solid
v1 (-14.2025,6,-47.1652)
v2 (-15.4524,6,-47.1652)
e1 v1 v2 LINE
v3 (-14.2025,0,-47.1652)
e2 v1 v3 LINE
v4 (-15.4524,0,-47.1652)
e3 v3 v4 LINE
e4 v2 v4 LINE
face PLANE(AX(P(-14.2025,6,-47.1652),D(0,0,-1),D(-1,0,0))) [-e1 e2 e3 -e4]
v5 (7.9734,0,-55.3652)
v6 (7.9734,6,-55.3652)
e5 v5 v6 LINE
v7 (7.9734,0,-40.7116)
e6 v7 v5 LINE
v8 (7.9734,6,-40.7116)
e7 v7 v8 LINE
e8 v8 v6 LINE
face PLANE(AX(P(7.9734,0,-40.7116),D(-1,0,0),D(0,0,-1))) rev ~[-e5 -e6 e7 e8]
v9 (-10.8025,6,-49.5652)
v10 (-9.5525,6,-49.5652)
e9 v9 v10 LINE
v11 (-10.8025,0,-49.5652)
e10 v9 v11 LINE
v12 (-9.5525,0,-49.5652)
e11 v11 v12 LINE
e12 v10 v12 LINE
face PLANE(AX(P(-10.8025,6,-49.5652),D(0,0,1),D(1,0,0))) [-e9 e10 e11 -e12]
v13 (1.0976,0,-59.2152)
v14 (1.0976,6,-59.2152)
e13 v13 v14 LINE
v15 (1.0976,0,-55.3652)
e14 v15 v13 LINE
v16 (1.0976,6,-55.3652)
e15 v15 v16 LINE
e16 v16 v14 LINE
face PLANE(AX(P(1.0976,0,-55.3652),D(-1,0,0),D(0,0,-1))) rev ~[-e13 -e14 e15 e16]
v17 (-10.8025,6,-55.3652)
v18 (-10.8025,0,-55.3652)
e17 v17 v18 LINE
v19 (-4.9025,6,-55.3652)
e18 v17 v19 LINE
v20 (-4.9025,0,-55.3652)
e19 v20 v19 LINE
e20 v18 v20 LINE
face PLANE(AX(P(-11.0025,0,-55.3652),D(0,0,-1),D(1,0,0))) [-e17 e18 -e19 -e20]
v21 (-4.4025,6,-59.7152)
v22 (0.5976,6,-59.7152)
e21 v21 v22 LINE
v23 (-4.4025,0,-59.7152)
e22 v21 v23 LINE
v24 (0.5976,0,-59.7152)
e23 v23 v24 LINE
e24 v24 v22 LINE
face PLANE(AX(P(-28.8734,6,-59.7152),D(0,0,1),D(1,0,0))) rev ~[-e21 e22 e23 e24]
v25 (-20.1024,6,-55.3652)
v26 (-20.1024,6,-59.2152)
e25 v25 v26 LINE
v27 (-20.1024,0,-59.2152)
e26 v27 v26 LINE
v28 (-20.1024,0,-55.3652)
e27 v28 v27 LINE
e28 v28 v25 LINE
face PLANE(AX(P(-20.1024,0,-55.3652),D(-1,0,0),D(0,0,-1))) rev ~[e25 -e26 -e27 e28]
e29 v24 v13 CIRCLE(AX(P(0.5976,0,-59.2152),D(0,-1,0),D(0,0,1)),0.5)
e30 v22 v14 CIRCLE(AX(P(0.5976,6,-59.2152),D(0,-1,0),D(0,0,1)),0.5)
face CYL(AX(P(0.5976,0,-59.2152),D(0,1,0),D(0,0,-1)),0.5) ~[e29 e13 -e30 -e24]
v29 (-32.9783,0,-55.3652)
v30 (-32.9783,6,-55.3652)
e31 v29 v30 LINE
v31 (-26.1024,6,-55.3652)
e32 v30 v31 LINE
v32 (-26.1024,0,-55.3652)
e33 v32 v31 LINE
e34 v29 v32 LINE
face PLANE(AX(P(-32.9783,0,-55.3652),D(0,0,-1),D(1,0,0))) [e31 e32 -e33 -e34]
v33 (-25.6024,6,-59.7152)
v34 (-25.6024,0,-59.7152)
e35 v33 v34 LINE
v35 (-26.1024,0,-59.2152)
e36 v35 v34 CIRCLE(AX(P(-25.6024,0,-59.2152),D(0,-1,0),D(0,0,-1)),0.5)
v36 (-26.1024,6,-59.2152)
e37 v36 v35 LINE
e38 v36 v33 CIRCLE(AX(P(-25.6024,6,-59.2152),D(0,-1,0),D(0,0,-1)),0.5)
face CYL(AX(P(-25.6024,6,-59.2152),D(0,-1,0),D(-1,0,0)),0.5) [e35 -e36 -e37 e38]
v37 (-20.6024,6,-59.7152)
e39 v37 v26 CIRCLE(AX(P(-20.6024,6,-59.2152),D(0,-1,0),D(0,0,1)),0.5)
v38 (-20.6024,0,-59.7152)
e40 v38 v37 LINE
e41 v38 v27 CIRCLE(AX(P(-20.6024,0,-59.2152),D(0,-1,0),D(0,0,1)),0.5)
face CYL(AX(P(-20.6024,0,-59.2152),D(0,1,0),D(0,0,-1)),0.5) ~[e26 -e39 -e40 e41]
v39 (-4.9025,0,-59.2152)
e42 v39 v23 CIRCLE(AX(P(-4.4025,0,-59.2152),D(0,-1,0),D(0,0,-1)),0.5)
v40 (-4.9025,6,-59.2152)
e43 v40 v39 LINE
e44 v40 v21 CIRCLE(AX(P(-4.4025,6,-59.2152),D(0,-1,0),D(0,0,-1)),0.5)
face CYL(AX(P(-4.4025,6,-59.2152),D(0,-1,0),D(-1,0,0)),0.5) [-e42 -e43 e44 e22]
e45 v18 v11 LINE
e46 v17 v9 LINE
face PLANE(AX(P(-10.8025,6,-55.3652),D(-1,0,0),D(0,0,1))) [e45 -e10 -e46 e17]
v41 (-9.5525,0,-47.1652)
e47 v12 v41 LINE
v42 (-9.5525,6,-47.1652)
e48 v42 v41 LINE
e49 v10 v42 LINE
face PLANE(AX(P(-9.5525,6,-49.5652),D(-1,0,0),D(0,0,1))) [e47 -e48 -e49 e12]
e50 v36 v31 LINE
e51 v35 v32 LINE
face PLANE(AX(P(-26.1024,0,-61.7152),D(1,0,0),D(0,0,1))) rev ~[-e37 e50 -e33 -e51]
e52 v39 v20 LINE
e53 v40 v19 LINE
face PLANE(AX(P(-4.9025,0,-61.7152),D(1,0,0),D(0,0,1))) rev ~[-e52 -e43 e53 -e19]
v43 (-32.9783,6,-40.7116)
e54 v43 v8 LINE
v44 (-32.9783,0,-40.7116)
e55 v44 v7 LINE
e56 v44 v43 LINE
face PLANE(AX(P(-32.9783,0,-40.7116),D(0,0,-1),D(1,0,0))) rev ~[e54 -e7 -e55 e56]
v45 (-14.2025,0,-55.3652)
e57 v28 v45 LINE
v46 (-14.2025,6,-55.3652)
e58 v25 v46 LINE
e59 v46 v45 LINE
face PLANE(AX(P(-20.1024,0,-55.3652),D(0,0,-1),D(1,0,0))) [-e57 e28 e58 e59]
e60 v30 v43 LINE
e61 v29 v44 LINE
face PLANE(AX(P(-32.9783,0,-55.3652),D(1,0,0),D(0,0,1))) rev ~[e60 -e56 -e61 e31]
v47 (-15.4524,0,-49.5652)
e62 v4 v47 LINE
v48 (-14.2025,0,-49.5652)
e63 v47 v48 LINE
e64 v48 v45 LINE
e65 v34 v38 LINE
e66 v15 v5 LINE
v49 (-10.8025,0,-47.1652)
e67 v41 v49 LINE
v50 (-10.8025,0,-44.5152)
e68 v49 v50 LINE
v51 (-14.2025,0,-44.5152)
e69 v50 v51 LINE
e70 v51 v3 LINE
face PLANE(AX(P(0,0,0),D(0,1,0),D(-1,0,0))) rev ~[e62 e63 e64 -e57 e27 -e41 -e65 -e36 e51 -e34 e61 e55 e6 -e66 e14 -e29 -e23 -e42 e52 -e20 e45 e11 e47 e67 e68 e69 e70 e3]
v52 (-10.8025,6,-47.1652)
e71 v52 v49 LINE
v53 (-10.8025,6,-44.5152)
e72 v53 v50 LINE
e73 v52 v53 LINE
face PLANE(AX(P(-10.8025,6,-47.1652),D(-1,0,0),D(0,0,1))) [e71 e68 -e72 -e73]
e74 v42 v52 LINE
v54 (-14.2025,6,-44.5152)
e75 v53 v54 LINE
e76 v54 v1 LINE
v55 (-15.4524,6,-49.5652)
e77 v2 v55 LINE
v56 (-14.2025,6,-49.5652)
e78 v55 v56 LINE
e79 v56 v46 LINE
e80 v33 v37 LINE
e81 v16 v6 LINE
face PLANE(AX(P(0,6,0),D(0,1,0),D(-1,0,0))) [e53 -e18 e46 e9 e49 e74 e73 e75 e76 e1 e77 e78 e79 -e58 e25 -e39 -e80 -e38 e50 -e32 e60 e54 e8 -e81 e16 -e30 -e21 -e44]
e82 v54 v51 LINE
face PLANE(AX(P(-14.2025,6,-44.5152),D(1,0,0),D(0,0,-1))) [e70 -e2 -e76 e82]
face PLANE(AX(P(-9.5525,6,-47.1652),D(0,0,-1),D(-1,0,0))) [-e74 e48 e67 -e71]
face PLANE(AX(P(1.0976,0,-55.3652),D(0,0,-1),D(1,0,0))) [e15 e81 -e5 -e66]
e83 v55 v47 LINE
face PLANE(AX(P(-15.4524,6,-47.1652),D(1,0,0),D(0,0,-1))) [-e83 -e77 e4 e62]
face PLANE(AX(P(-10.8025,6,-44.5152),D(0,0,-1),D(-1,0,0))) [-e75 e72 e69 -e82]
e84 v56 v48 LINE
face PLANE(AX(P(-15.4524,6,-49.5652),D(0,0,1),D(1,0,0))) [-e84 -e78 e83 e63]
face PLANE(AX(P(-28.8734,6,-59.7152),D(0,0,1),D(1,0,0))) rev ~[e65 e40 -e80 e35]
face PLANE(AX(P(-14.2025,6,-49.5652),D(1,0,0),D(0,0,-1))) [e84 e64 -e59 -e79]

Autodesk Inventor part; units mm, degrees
ref_plane "YZ Plane" through (0, 0, 0) normal (1, 0, 0) x (0, 1, 0)
ref_plane "XZ Plane" through (0, 0, 0) normal (0, 1, 0) x (-1, 0, 0)
ref_plane "XY Plane" through (0, 0, 0) normal (0, 0, 1) x (1, 0, 0)
sketch "Sketch1" plane through (0, 0, 0) normal (0, 1, 0) x (-1, 0, 0)
  arc A0 (32.2948, 13.759) -> (-8.6569, 13.759) centre (11.8189, 4.9346) ccw projected
  line L0 (-8.6569, 13.759) -> (-8.6569, -3.8898) projected
  line L1 (-1.7811, -3.8898) -> (-8.6569, -3.8898) projected
  line L2 (-1.7811, -3.8898) -> (-1.7811, -10.2398) projected
  line L3 (-1.7811, -10.2398) -> (4.2189, -10.2398) projected
  line L4 (4.2189, -10.2398) -> (4.2189, -3.8898) projected
  line L5 (10.3189, -3.8898) -> (4.2189, -3.8898) projected
  line L6 (10.3189, -3.8898) -> (10.3189, 2.1102) projected
  line L7 (10.3189, 2.1102) -> (9.0689, 2.1102) projected
  line L8 (9.0689, 2.1102) -> (9.0689, 4.1102) projected
  line L9 (9.0689, 4.1102) -> (10.3189, 4.1102) projected
  line L10 (10.3189, 4.1102) -> (10.3189, 6.7602) projected
  line L11 (10.3189, 6.7602) -> (13.3189, 6.7602) projected
  line L12 (13.3189, 6.7602) -> (13.3189, 4.1102) projected
  line L13 (13.3189, 4.1102) -> (14.5689, 4.1102) projected
  line L14 (14.5689, 4.1102) -> (14.5689, 2.1102) projected
  line L15 (14.5689, 2.1102) -> (13.3189, 2.1102) projected
  line L16 (13.3189, 2.1102) -> (13.3189, -3.8898) projected
  line L17 (19.4189, -3.8898) -> (13.3189, -3.8898) projected
  line L18 (19.4189, -3.8898) -> (19.4189, -10.2398) projected
  line L19 (19.4189, -10.2398) -> (25.4189, -10.2398) projected
  line L20 (25.4189, -10.2398) -> (25.4189, -3.8898) projected
  line L21 (32.2948, -3.8898) -> (25.4189, -3.8898) projected
  line L22 (32.2948, -3.8898) -> (32.2948, 13.759) projected
  circle A1 centre (11.8189, 11.3099) radius 4 projected
  line L23 (-7.9734, -40.7116) -> (-7.9734, -55.3652)
  line L24 (-1.0976, -55.3652) -> (-7.9734, -55.3652)
  line L25 (-1.0976, -55.3652) -> (-1.0976, -61.7152)
  line L26 (-1.0976, -61.7152) -> (4.9025, -61.7152)
  line L27 (4.9025, -61.7152) -> (4.9025, -55.3652)
  line L28 (11.0025, -55.3652) -> (4.9025, -55.3652)
  line L29 (11.0025, -55.3652) -> (11.0025, -49.3652)
  line L30 (11.0025, -49.3652) -> (9.7525, -49.3652)
  line L31 (9.7525, -49.3652) -> (9.7525, -47.3652)
  line L32 (9.7525, -47.3652) -> (11.0025, -47.3652)
  line L33 (11.0025, -47.3652) -> (11.0025, -44.7152)
  line L34 (11.0025, -44.7152) -> (14.0025, -44.7152)
  line L35 (14.0025, -44.7152) -> (14.0025, -47.3652)
  line L36 (14.0025, -47.3652) -> (15.2524, -47.3652)
  line L37 (15.2524, -47.3652) -> (15.2524, -49.3652)
  line L38 (15.2524, -49.3652) -> (14.0025, -49.3652)
  line L39 (14.0025, -49.3652) -> (14.0025, -55.3652)
  line L40 (20.1024, -55.3652) -> (14.0025, -55.3652)
  line L41 (20.1024, -55.3652) -> (20.1024, -61.7152)
  line L42 (20.1024, -61.7152) -> (26.1024, -61.7152)
  line L43 (26.1024, -61.7152) -> (26.1024, -55.3652)
  line L44 (32.9783, -55.3652) -> (26.1024, -55.3652)
  line L45 (32.9783, -55.3652) -> (32.9783, -40.7116)
  line L46 (32.9783, -40.7116) -> (-7.9734, -40.7116)
  point P0 (0, 0)
  point P1 (0.6835, -51.4754)
  point P2 (12.5025, -46.5408)
extrude "Extrusion1" add sketch "Sketch1" along normal blind 6 contours L46 L45 L44 L43 L42 L41 L40 L39 L38 L37 L36 L35 L34 L33 L32 L31 L30 L29 L28 L27 L26 L25 L24 L23
sketch "Sketch2" plane through (0, 6, 0) normal (0, 1, 0) x (1, 0, 0)
  line L0 (-14.0025, 49.3652) -> (-14.0025, 55.3652) projected
  line L1 (-15.2524, 47.3652) -> (-15.2524, 49.3652) projected
  line L2 (-15.2524, 49.3652) -> (-14.0025, 49.3652) projected
  line L3 (-14.0025, 47.3652) -> (-15.2524, 47.3652) projected
  line L4 (-14.0025, 44.7152) -> (-14.0025, 47.3652) projected
  line L5 (-11.0025, 44.7152) -> (-14.0025, 44.7152) projected
  line L6 (-11.0025, 47.3652) -> (-11.0025, 44.7152) projected
  line L7 (-9.7525, 47.3652) -> (-11.0025, 47.3652) projected
  line L8 (-9.7525, 49.3652) -> (-9.7525, 47.3652) projected
  line L9 (-11.0025, 49.3652) -> (-9.7525, 49.3652) projected
  line L10 (-11.0025, 55.3652) -> (-11.0025, 49.3652) projected
  line L11 (-4.9025, 55.3652) -> (-11.0025, 55.3652) projected
  line L12 (-11.0025, 55.3652) -> (-14.0025, 55.3652)
  line L13 (-14.2025, 47.1652) -> (-15.4524, 47.1652)
  line L14 (-15.4524, 47.1652) -> (-15.4524, 49.5652)
  line L15 (-15.4524, 49.5652) -> (-14.2025, 49.5652)
  line L16 (-14.2025, 49.5652) -> (-14.2025, 55.5652)
  line L17 (-14.2025, 55.5652) -> (-10.8025, 55.5652)
  line L18 (-10.8025, 55.5652) -> (-10.8025, 49.5652)
  line L19 (-10.8025, 49.5652) -> (-9.5525, 49.5652)
  line L20 (-9.5525, 49.5652) -> (-9.5525, 47.1652)
  line L21 (-9.5525, 47.1652) -> (-10.8025, 47.1652)
  line L22 (-10.8025, 47.1652) -> (-10.8025, 44.5152)
  line L23 (-10.8025, 44.5152) -> (-14.2025, 44.5152)
  line L24 (-14.2025, 44.5152) -> (-14.2025, 47.1652)
  point P0 (0, 0)
  dimension "d2" = 0.2
extrude "Extrusion2" cut sketch "Sketch2" against normal blind 25.4
sketch "Sketch3" plane through (0, 6, 0) normal (0, 1, 0) x (1, 0, 0)
  line L0 (2.9926, 65.1915) -> (-28.8734, 65.1915)
  line L1 (-28.8734, 65.1915) -> (-28.8734, 59.7152)
  line L2 (-28.8734, 59.7152) -> (2.9926, 59.7152)
  line L3 (2.9926, 59.7152) -> (2.9926, 65.1915)
  line L4 (-20.1024, 61.7152) -> (-26.1024, 61.7152) projected
  point P0 (0, 0)
  dimension "d5" = 2
extrude "Extrusion3" cut sketch "Sketch3" against normal blind 25.4
fillet "Fillet1" radius 0.5 4 edges at (-26.1024, 3, -59.7152) (-20.1024, 3, -59.7152) (-4.9025, 3, -59.7152) (1.0976, 3, -59.7152)
properties part number "Maker_jigsaw_template"
